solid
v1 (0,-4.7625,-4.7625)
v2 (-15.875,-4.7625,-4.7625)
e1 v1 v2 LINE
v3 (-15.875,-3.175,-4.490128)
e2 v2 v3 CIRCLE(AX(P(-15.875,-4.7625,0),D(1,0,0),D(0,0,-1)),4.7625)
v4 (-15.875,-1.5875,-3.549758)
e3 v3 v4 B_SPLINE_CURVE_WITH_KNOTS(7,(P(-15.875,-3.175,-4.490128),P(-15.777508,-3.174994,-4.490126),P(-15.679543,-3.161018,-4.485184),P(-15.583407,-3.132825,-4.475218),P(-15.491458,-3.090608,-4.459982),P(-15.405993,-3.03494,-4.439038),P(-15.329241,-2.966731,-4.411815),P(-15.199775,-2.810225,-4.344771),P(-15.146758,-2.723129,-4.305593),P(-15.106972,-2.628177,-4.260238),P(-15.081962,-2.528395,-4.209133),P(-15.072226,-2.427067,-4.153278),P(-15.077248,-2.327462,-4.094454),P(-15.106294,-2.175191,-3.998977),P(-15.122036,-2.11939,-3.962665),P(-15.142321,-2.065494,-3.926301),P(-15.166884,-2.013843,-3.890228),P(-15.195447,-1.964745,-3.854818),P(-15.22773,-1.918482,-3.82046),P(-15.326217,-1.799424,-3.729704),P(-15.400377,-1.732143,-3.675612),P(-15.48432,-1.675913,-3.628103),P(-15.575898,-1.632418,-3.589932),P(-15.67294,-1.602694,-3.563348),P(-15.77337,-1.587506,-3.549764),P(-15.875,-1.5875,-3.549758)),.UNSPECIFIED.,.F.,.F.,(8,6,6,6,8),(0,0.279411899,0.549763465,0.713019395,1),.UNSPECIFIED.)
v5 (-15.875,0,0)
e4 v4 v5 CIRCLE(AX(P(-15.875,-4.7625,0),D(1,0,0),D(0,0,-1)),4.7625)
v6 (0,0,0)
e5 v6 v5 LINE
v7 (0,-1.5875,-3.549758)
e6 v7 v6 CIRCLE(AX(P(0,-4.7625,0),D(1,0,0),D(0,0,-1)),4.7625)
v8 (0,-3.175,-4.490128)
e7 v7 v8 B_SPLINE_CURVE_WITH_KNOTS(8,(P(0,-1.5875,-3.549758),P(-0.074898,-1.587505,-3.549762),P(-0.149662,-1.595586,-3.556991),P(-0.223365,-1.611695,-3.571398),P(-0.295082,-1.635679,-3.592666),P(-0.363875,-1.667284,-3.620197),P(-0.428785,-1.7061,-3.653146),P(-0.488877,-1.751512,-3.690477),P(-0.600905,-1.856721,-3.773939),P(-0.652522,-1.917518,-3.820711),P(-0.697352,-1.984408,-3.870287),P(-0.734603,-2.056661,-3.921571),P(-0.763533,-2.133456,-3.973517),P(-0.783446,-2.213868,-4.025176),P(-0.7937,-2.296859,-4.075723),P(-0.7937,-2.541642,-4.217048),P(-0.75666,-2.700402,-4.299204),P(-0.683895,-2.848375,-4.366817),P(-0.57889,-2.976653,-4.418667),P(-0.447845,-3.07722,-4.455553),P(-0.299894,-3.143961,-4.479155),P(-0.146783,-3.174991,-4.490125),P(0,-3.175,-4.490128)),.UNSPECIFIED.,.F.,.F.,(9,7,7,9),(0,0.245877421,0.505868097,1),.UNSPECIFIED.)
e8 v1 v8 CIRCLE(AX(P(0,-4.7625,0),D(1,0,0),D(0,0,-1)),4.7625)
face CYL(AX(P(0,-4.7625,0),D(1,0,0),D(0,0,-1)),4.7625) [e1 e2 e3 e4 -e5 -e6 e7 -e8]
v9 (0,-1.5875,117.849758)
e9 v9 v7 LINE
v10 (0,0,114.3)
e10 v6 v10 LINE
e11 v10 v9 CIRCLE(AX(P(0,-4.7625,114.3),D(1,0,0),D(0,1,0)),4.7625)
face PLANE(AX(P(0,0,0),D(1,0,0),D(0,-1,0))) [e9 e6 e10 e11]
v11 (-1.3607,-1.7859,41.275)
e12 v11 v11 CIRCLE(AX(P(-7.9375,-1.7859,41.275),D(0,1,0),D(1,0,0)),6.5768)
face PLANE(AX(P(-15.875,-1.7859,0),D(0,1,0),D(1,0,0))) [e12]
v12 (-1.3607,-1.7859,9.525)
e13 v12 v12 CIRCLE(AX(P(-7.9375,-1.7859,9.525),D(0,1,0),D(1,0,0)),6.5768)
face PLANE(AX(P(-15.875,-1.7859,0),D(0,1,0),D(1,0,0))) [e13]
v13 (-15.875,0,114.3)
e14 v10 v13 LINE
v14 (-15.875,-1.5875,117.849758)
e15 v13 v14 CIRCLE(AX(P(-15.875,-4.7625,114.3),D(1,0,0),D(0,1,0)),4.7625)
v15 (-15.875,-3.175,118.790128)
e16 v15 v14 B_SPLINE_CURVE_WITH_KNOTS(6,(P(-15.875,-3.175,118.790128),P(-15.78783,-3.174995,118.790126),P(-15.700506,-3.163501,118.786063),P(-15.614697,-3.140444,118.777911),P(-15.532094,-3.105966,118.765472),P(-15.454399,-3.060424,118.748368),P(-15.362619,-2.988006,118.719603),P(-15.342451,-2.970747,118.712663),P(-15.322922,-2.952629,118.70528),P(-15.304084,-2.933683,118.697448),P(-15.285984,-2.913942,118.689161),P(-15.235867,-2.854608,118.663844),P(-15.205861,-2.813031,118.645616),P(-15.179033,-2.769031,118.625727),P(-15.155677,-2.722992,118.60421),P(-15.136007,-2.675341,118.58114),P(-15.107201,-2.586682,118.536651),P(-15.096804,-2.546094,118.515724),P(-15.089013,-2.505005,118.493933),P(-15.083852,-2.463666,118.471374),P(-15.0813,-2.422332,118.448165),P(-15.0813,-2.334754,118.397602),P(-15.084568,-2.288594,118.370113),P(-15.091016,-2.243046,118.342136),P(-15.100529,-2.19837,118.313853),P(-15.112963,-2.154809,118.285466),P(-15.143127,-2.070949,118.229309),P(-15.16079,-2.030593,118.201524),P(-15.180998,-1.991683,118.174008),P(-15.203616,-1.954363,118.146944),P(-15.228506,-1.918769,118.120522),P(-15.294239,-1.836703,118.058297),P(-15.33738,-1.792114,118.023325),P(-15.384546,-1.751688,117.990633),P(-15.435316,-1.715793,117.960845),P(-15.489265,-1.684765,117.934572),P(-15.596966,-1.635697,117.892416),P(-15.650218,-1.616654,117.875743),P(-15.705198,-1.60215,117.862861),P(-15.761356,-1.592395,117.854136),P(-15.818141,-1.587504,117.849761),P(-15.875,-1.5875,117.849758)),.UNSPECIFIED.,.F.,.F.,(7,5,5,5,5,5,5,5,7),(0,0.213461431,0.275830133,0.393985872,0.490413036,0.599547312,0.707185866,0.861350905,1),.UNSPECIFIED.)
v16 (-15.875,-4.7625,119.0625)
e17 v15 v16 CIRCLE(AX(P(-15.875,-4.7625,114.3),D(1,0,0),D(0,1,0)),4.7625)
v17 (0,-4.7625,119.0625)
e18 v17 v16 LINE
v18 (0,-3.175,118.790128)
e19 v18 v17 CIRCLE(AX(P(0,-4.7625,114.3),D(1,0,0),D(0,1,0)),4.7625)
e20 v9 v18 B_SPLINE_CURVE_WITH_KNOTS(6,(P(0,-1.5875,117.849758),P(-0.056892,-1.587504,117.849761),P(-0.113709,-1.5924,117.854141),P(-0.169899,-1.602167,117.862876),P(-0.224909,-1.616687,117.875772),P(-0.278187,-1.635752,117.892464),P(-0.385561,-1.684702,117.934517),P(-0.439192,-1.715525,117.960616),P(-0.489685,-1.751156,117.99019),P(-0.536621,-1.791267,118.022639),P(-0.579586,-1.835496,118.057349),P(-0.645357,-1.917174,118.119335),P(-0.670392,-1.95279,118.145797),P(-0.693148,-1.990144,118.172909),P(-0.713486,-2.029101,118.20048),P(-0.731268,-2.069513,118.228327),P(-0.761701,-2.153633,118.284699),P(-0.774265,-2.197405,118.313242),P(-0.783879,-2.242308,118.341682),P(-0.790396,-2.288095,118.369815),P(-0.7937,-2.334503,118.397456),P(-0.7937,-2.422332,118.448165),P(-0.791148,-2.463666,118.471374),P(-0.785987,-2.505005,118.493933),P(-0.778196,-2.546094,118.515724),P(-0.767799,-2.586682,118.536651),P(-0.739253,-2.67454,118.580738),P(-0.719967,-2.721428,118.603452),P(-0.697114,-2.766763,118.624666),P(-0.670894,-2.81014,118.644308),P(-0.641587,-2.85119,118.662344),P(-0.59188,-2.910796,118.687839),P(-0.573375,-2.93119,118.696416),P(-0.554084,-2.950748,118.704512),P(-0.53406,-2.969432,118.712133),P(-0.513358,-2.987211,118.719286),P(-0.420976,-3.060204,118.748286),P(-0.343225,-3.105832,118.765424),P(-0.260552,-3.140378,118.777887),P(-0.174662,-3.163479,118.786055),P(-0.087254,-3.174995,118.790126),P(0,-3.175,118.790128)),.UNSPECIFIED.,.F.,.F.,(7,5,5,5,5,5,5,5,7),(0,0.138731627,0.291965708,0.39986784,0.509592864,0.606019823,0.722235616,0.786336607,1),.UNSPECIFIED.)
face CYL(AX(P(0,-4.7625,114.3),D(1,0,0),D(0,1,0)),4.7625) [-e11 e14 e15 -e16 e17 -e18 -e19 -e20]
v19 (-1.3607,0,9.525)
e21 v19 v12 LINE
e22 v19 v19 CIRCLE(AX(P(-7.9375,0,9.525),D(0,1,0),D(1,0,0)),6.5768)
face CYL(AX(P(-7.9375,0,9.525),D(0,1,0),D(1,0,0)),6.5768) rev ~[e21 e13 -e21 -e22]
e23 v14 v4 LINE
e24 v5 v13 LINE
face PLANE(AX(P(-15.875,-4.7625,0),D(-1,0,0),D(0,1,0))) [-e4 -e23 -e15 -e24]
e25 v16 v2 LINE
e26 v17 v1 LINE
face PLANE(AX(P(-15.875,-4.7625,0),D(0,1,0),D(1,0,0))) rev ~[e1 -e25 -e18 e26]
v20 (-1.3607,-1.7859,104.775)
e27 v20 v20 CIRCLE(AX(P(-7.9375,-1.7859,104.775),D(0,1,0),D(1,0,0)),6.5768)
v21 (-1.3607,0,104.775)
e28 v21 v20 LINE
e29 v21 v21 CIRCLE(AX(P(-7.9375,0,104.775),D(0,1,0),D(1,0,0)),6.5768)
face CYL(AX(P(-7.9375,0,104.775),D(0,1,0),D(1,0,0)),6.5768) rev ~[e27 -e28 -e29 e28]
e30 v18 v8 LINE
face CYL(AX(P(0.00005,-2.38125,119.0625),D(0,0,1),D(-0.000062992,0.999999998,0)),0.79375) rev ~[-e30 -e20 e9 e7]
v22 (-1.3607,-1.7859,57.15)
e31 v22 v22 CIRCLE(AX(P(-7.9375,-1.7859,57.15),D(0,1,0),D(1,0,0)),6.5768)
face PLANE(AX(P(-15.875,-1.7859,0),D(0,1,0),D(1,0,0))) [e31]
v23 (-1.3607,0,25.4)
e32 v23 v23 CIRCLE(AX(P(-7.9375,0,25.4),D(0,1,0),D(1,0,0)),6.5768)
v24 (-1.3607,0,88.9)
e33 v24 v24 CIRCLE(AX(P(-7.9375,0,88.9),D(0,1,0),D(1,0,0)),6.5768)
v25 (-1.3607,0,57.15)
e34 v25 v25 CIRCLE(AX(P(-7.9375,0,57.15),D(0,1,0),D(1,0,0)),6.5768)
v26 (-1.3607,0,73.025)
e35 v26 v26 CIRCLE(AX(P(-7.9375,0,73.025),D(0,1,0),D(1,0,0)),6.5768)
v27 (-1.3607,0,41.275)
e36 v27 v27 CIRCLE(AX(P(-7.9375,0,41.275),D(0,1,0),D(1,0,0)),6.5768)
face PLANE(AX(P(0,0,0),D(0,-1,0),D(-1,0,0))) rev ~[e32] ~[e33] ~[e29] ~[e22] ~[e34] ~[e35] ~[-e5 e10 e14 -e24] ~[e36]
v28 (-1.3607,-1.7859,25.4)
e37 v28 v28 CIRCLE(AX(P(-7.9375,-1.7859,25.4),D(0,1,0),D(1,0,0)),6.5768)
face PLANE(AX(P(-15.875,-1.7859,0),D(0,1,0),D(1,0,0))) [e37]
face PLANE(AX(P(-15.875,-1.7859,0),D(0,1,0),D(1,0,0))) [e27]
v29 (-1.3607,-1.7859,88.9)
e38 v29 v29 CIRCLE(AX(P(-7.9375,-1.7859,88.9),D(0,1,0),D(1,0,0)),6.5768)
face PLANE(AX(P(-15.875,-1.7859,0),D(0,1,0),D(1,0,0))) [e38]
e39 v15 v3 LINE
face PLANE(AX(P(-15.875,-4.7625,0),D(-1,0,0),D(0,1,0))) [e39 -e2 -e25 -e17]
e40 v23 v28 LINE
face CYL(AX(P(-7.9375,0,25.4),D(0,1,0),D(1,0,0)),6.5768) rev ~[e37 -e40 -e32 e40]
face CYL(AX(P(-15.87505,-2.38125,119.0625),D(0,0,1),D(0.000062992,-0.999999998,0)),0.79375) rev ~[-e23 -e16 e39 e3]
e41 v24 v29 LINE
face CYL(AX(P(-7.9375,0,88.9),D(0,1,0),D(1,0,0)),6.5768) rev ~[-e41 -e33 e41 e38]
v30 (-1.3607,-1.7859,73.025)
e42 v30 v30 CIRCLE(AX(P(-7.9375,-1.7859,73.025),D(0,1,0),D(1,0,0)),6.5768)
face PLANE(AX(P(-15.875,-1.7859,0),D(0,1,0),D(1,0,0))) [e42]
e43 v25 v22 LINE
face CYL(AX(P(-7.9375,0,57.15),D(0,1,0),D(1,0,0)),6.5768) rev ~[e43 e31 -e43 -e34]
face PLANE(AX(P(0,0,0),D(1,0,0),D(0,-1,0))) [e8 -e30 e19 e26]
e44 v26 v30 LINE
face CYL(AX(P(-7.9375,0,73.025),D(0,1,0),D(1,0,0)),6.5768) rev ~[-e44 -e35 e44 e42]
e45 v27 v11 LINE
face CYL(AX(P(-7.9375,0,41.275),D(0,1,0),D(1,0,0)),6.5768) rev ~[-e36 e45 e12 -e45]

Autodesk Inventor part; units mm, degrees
ref_plane "YZ Plane" through (0, 0, 0) normal (1, 0, 0) x (0, 1, 0)
ref_plane "XZ Plane" through (0, 0, 0) normal (0, 1, 0) x (-1, 0, 0)
ref_plane "XY Plane" through (0, 0, 0) normal (0, 0, 1) x (1, 0, 0)
sketch "Sketch16" plane through (0, 0, 0) normal (0, 0, 1) x (1, 0, 0)
  line L0 (0, 0) -> (-15.875, 0)
  line L1 (-15.875, -4.7625) -> (0, -4.7625)
  line L2 (0, 0) -> (0, -4.7625)
  line L3 (-15.875, -4.7625) -> (-15.875, 0)
  dimension "d96" = 15.875
  dimension "d184" = 4.7625
extrude "Extrusion17" add sketch "Sketch16" along normal blind 114.3
sketch "Sketch17" plane through (-15.875, 0, 0) normal (0, 1, 0) x (1, 0, 0)
  circle A0 centre (7.9375, -104.775) radius 6.5768
  line L0 (0, 0) -> (0, -114.3) projected
  line L1 (15.875, -114.3) -> (0, -114.3) projected
  circle A1 centre (7.9375, -88.9) radius 6.5768
  circle A2 centre (7.9375, -73.025) radius 6.5768
  circle A3 centre (7.9375, -57.15) radius 6.5768
  circle A4 centre (7.9375, -41.275) radius 6.5768
  circle A5 centre (7.9375, -25.4) radius 6.5768
  circle A6 centre (7.9375, -9.525) radius 6.5768
  point P0 (15.875, 0)
  dimension "d102" = 13.1536
  dimension "d103" = 7.9375
  dimension "d104" = 9.525
  dimension "d107" = 15.875
sketch "Sketch44" plane through (0, -4.7625, 0) normal (1, 0, 0) x (0, 0, -1)
  arc A0 (4.7625, 0) -> (0, 4.7625) centre (0, 0) ccw
  line L0 (0, 0) -> (4.7625, 0)
  line L1 (0, 4.7625) -> (0, 0)
  arc A1 (-114.3, 4.7625) -> (-119.0625, 0) centre (-114.3, 0) ccw
  line L2 (-114.3, 4.7625) -> (-114.3, 0)
  line L3 (-114.3, 0) -> (-119.0625, 0)
extrude "Extrusion40" add sketch "Sketch44" against normal up to surface (15.875 mm away)
ref_plane "Work Plane1" through (0, -4.7625, 119.0625) normal (0, 0, 1) x (1, 0, 0)
sketch "Sketch45" plane through (0, -4.7625, 119.0625) normal (0, 0, 1) x (1, 0, 0)
  line L0 (-15.875, 0) -> (-15.875, 4.7625) projected
  arc A0 (-15.875, 1.5875) -> (-15.875, 3.175) centre (-15.875, 2.3812) ccw
  line L1 (0, 4.7625) -> (0, 0) projected
  arc A1 (0, 3.175) -> (0, 1.5875) centre (0, 2.3813) ccw
  line L2 (-15.875, 3.175) -> (-15.875, 1.5875)
  line L3 (0, 3.175) -> (0, 1.5875)
  line L4 (0, 4.7625) -> (-15.875, 4.7625) projected
  dimension "d240" = 0.7937
  dimension "d241" = 0.7937
  dimension "d242" = 2.3813
  dimension "d243" = 2.3813
extrude "Extrusion41" cut sketch "Sketch45" against normal through all
extrude "Extrusion42" cut sketch "Sketch17" against normal blind 1.7859
properties part number "base"
